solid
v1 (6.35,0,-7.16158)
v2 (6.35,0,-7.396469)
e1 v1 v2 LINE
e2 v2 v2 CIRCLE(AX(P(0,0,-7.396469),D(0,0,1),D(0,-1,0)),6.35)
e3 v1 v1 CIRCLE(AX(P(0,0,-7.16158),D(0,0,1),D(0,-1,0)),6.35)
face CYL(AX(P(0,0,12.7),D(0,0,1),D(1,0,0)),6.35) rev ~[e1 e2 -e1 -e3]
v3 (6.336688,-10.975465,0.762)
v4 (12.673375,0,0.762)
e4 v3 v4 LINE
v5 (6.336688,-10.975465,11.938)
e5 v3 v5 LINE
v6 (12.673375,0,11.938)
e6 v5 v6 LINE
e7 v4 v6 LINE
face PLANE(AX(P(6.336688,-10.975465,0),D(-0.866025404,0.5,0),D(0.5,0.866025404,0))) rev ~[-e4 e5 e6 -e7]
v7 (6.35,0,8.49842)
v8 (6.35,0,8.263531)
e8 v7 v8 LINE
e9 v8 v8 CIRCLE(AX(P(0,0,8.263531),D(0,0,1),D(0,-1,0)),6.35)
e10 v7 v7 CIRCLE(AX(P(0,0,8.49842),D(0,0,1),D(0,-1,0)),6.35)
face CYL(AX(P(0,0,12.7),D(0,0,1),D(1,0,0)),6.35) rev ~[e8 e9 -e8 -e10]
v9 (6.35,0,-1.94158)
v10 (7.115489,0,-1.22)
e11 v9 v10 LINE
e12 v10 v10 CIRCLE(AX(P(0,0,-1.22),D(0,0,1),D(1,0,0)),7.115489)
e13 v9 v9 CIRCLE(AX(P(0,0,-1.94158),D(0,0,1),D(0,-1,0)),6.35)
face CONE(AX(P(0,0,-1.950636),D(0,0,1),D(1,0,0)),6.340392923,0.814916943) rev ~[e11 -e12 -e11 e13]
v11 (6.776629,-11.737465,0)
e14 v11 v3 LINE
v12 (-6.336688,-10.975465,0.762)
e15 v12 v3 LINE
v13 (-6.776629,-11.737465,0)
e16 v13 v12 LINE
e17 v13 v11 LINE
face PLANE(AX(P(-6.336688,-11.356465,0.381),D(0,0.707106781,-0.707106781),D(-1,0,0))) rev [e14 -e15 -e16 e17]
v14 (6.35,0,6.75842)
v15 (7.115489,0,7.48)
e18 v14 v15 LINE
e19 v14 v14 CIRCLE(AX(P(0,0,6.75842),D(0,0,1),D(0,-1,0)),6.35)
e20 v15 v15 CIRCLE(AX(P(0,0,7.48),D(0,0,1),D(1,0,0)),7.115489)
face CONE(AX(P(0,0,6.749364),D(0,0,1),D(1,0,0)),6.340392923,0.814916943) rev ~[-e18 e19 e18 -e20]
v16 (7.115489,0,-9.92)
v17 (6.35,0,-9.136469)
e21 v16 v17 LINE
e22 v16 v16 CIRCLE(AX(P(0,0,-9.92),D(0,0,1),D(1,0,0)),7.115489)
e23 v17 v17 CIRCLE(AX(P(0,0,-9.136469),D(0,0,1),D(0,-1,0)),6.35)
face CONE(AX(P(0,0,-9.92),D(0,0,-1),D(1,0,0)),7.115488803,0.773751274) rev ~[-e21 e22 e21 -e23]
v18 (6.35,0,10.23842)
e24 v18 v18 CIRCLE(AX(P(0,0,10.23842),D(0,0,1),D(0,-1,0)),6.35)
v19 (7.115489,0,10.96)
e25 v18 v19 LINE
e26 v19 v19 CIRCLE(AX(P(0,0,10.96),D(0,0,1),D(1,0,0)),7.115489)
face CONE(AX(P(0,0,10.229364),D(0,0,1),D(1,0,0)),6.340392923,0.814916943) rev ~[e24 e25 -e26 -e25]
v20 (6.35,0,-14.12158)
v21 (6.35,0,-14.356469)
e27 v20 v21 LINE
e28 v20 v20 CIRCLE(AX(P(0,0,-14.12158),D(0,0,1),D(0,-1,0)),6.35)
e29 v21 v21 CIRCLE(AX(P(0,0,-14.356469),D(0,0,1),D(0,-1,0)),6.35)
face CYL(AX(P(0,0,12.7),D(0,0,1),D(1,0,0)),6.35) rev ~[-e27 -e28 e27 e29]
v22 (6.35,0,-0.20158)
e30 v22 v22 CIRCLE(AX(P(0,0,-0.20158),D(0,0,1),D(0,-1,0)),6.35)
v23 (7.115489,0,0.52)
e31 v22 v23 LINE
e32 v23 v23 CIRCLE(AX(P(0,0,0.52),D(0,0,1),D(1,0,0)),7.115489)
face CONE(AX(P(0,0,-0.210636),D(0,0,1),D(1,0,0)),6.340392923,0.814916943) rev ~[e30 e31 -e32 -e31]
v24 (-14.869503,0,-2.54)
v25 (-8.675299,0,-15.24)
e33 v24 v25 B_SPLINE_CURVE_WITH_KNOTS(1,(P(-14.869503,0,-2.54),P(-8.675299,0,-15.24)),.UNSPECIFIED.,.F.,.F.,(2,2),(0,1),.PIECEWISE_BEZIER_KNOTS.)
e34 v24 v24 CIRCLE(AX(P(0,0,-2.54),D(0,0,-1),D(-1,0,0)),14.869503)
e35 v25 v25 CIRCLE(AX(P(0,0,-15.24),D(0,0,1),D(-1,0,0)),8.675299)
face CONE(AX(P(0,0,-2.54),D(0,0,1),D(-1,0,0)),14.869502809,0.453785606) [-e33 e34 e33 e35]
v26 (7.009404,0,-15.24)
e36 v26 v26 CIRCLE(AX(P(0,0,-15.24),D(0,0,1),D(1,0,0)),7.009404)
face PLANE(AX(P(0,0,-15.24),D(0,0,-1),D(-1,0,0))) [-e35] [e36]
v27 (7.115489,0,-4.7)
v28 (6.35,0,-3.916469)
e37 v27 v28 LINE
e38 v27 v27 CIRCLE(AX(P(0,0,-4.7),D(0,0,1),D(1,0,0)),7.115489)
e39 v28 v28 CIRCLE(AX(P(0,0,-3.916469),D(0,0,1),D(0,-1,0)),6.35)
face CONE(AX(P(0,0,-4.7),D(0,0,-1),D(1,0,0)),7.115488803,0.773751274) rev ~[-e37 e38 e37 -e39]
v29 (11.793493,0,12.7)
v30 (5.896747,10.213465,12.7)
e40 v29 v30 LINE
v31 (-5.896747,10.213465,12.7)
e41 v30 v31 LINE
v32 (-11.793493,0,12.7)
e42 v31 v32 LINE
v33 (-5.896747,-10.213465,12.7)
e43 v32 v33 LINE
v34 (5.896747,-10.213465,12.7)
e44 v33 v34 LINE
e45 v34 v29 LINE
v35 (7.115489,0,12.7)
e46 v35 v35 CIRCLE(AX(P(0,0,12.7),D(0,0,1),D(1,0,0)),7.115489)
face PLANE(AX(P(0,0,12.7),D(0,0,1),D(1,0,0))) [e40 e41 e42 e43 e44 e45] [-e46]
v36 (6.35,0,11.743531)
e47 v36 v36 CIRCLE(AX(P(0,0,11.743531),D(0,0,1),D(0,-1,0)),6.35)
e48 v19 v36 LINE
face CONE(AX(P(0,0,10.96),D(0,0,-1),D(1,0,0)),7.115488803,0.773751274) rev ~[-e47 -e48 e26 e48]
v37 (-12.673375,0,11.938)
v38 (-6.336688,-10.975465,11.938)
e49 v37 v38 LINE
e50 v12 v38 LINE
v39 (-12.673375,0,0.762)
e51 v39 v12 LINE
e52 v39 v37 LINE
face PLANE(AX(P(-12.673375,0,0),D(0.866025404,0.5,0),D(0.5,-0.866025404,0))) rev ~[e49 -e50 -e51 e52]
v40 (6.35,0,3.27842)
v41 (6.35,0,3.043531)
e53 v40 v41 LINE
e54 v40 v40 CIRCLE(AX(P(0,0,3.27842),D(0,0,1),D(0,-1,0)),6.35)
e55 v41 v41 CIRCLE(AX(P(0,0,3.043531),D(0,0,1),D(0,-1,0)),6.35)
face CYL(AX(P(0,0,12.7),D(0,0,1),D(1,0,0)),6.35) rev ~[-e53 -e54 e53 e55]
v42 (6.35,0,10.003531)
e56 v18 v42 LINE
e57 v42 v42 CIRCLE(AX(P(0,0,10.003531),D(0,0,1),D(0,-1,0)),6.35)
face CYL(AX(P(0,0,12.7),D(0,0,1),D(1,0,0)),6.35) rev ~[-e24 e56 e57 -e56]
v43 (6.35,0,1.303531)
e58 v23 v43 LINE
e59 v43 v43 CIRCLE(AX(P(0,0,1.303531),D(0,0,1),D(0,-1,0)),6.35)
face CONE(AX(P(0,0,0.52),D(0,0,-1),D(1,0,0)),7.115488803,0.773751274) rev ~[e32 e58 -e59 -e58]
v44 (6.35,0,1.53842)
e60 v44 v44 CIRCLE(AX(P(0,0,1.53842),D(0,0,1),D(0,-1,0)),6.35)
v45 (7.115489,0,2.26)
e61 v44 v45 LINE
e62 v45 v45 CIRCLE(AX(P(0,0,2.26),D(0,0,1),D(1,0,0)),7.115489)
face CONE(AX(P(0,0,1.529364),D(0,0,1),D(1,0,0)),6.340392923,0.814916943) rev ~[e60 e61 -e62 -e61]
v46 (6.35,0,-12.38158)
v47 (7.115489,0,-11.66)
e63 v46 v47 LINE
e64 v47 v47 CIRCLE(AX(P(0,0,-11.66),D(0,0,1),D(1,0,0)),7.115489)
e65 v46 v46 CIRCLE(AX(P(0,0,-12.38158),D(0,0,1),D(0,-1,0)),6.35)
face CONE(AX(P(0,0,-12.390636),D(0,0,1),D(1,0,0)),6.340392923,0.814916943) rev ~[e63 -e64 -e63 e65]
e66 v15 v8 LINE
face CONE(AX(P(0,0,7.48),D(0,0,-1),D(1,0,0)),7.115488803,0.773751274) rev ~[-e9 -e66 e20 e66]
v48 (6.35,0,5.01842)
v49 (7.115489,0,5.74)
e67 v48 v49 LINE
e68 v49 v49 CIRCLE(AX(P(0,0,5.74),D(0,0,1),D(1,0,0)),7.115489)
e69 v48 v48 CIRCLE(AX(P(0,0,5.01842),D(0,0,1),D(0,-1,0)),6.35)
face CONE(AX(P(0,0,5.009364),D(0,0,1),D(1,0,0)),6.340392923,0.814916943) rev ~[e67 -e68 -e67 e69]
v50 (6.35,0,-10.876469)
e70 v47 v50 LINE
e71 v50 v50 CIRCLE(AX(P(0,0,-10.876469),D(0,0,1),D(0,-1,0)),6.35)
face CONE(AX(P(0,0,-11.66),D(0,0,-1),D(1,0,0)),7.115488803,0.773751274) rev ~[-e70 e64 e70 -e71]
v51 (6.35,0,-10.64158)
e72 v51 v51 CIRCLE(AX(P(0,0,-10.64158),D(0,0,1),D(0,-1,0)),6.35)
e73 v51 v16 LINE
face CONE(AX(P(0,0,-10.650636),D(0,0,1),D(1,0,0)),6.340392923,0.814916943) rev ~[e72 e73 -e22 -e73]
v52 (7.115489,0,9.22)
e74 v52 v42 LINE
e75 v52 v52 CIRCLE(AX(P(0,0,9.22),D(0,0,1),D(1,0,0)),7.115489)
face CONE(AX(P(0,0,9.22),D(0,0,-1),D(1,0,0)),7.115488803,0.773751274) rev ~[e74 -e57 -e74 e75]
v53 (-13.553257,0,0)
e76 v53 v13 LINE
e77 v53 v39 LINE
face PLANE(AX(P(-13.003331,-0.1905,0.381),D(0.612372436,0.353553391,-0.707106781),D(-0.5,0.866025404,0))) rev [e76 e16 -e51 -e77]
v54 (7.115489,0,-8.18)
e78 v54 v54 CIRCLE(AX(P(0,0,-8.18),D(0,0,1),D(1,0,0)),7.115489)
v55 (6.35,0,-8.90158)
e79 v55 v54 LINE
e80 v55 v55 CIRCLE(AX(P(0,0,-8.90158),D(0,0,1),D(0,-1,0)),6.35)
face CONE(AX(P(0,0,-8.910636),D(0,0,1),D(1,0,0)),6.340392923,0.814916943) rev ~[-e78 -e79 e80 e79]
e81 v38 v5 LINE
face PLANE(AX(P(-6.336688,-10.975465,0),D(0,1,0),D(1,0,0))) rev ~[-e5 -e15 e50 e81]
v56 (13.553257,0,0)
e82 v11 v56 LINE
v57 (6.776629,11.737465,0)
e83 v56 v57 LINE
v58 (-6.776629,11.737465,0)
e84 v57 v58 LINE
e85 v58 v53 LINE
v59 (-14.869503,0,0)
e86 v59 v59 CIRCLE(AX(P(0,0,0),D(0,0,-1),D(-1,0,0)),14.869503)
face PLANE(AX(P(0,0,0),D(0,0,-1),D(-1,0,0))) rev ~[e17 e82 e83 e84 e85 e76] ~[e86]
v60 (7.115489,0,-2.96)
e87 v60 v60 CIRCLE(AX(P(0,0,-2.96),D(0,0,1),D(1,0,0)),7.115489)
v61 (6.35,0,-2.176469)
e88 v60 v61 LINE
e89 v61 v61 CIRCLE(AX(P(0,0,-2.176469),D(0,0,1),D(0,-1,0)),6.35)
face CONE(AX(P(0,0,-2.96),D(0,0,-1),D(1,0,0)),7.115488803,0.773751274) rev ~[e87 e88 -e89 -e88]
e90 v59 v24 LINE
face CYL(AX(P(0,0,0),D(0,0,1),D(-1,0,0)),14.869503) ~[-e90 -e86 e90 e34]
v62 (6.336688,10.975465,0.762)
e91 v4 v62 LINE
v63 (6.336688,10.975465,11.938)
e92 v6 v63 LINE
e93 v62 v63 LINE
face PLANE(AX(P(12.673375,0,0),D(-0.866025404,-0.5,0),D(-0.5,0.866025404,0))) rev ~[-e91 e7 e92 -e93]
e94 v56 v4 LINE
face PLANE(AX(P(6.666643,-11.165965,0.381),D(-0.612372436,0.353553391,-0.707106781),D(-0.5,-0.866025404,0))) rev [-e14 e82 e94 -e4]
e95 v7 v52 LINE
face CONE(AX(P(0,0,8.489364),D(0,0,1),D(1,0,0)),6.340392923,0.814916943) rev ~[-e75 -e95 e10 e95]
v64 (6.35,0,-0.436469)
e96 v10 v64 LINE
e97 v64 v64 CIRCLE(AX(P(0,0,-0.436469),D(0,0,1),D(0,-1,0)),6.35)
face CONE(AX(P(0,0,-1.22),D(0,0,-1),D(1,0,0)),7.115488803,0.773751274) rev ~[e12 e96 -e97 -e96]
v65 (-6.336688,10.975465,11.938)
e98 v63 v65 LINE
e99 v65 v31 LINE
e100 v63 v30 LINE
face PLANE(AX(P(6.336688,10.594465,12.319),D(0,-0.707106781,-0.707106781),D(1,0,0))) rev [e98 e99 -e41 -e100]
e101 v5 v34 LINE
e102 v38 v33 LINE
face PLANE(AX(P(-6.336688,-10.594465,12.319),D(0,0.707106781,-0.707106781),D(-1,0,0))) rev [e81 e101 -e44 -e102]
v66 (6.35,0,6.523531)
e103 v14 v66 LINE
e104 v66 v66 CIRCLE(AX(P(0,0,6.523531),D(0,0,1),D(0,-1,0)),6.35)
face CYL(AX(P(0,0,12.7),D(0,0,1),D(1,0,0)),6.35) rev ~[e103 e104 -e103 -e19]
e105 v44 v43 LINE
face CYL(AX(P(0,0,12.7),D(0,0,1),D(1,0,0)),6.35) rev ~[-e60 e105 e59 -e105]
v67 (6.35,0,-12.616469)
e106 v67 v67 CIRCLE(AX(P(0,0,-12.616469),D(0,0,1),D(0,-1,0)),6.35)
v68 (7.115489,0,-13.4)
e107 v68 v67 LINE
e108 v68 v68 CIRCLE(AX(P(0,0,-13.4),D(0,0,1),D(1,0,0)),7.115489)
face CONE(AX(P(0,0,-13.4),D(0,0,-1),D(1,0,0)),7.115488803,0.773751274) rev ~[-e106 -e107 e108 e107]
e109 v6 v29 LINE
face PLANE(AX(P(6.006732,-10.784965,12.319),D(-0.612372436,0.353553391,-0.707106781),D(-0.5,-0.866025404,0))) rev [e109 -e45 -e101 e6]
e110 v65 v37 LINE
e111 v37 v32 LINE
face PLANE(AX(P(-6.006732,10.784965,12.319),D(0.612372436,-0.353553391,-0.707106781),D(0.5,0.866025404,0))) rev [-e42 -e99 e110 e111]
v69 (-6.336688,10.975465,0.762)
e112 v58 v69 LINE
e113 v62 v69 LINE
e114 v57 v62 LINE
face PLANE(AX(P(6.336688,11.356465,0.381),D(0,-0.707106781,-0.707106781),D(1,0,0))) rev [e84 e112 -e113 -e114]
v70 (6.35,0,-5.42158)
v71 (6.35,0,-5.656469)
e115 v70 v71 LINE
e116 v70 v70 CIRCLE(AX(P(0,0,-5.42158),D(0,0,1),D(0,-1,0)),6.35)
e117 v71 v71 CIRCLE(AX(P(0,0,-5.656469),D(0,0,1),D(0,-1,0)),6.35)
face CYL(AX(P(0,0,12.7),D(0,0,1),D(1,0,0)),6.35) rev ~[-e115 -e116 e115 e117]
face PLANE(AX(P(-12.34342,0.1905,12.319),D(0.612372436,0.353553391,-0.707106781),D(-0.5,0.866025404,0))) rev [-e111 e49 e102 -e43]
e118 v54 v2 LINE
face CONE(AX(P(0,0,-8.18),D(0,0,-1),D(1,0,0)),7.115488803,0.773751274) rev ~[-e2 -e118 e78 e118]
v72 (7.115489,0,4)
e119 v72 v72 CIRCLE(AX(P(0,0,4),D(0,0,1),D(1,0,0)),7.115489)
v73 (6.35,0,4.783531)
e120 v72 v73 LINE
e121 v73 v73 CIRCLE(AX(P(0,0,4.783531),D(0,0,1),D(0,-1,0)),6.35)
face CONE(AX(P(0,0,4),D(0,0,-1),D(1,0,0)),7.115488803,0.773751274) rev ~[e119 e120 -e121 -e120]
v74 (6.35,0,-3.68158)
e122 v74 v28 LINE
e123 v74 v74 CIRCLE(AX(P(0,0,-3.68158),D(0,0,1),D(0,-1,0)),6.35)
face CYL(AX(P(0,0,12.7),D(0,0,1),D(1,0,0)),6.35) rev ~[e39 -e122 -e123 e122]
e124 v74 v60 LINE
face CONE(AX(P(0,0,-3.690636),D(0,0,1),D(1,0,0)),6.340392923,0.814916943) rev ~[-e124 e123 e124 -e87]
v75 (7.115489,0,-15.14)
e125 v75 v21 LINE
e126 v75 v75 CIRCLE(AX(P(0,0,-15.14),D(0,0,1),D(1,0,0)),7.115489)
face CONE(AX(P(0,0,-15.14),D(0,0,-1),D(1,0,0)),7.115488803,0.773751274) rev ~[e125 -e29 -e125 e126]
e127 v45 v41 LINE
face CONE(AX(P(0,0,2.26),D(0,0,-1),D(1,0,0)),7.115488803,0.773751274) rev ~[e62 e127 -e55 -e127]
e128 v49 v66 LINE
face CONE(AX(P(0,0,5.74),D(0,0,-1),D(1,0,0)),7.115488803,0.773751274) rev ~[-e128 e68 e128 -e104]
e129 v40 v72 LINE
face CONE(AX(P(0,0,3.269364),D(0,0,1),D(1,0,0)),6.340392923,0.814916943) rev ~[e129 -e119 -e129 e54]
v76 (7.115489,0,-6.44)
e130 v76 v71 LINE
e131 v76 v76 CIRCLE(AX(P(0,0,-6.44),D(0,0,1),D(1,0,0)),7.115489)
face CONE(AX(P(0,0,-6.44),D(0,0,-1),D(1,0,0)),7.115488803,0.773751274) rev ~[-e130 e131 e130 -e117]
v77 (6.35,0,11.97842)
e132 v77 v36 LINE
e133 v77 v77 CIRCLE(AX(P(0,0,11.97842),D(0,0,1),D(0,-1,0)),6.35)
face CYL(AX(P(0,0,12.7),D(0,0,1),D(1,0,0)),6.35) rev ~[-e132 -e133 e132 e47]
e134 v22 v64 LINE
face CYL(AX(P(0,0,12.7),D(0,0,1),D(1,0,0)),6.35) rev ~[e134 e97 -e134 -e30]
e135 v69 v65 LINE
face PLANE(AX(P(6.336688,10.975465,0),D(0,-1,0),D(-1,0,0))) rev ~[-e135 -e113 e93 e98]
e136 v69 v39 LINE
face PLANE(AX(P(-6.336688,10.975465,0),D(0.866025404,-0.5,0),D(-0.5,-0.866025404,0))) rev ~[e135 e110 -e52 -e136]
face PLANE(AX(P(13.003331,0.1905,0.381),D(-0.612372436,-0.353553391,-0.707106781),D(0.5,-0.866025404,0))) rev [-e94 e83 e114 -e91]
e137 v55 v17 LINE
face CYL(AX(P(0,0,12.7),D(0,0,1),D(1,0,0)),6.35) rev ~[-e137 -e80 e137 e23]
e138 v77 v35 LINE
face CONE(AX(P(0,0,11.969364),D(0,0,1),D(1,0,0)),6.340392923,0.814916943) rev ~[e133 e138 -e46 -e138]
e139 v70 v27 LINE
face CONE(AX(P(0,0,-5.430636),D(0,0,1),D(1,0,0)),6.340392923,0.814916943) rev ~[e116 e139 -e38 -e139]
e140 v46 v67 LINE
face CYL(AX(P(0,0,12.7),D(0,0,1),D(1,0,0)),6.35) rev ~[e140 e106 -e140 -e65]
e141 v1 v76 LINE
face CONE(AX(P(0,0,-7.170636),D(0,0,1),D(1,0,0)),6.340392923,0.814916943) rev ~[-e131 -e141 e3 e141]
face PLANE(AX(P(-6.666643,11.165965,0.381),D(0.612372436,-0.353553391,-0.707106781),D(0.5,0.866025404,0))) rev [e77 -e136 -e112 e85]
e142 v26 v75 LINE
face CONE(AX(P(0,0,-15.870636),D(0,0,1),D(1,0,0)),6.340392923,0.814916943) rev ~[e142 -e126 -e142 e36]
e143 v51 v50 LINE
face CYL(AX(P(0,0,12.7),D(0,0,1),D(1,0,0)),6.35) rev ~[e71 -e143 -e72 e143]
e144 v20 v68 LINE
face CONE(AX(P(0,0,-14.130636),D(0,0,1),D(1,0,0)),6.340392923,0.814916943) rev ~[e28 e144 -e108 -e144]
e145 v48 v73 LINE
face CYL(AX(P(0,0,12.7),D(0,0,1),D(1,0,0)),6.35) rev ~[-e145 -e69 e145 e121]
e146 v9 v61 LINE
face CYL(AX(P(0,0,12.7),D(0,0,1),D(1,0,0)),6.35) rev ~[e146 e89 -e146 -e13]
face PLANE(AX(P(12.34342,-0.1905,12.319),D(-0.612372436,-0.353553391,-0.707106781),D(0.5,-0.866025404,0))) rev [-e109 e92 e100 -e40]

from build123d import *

# Parameters (mm, degrees)
EXTRUDE1_DEPTH     = 12.7
SKETCH3_R          = 14.869502809
EXTRUDE2_DEPTH     = 2.54
CHAMFER1_SIZE      = 0.762
CHAMFER2_SIZE      = 0.762
SKETCH5_R          = 14.869502809
EXTRUDE3_DEPTH     = 12.7
EXTRUDE3_TAPER     = 26
SKETCH4_R          = 6.35
CUT_EXTRUDE1_DEPTH = 28.9400001
LPATTERN2_COUNT    = 17
LPATTERN2_PITCH    = 1.74


with BuildPart() as part:
    # Sketch2 → Extrude1 (new body)
    with BuildSketch(Plane.XY):
        Polygon((12.673375262, 0), (6.336687631, 10.975464929), (-6.336687631, 10.975464929), (-12.673375262, 0), (-6.336687631, -10.975464929), (6.336687631, -10.975464929), align=None)
    extrude(amount=EXTRUDE1_DEPTH)

    # Sketch3 → Extrude2 (add)
    with BuildSketch(Plane(origin=(0, 0, 0), x_dir=(-1, 0, 0), z_dir=(0, 0, -1))):
        Circle(SKETCH3_R)
    extrude(amount=EXTRUDE2_DEPTH)

    # Chamfer1
    chamfer1_edges = [part.edges().sort_by_distance(p)[0] for p in [
        (0, -10.975464929, 0),
        (-9.505031447, -5.487732464, 0),
        (-9.505031447, 5.487732464, 0),
        (0, 10.975464929, 0),
        (9.505031447, 5.487732464, 0),
        (9.505031447, -5.487732464, 0),
    ]]
    chamfer(chamfer1_edges, length=CHAMFER1_SIZE)

    # Chamfer2
    chamfer2_edges = [part.edges().sort_by_distance(p)[0] for p in [
        (0, 10.975464929, 12.7),
        (-9.505031447, 5.487732464, 12.7),
        (-9.505031447, -5.487732464, 12.7),
        (0, -10.975464929, 12.7),
        (9.505031447, -5.487732464, 12.7),
        (9.505031447, 5.487732464, 12.7),
    ]]
    chamfer(chamfer2_edges, length=CHAMFER2_SIZE)

    # Sketch5 → Extrude3 (add)
    with BuildSketch(Plane(origin=(0, 0, -2.54), x_dir=(-1, 0, 0), z_dir=(0, 0, -1))):
        Circle(SKETCH5_R)
    extrude(amount=EXTRUDE3_DEPTH, taper=EXTRUDE3_TAPER)

    # Sketch4 → Cut-Extrude1 (cut, through all)
    with BuildSketch(Plane.XY.offset(12.7)):
        Circle(SKETCH4_R)
    extrude(amount=-CUT_EXTRUDE1_DEPTH, mode=Mode.SUBTRACT)

    # Sketch7 → Cut-Revolve1 (revolve, cut)
    with BuildSketch(Plane(origin=(0, 0, 0), x_dir=(1, 0, 0), z_dir=(0, 1, 0))):
        Polygon((6.340392923, -11.96936439), (7.115488803, -12.7), (6.340392923, -13.49336439), (5.591488803, -12.7), align=None)
    cut_revolve1 = revolve(axis=Axis((0, 0, -15.24), (0, 0, 1)), mode=Mode.SUBTRACT)

    # LPattern2: Cut-Revolve1 ×17
    with Locations(*[(0, 0, -i * LPATTERN2_PITCH) for i in range(1, LPATTERN2_COUNT)]):
        add(cut_revolve1, mode=Mode.SUBTRACT)


solid = part.part
